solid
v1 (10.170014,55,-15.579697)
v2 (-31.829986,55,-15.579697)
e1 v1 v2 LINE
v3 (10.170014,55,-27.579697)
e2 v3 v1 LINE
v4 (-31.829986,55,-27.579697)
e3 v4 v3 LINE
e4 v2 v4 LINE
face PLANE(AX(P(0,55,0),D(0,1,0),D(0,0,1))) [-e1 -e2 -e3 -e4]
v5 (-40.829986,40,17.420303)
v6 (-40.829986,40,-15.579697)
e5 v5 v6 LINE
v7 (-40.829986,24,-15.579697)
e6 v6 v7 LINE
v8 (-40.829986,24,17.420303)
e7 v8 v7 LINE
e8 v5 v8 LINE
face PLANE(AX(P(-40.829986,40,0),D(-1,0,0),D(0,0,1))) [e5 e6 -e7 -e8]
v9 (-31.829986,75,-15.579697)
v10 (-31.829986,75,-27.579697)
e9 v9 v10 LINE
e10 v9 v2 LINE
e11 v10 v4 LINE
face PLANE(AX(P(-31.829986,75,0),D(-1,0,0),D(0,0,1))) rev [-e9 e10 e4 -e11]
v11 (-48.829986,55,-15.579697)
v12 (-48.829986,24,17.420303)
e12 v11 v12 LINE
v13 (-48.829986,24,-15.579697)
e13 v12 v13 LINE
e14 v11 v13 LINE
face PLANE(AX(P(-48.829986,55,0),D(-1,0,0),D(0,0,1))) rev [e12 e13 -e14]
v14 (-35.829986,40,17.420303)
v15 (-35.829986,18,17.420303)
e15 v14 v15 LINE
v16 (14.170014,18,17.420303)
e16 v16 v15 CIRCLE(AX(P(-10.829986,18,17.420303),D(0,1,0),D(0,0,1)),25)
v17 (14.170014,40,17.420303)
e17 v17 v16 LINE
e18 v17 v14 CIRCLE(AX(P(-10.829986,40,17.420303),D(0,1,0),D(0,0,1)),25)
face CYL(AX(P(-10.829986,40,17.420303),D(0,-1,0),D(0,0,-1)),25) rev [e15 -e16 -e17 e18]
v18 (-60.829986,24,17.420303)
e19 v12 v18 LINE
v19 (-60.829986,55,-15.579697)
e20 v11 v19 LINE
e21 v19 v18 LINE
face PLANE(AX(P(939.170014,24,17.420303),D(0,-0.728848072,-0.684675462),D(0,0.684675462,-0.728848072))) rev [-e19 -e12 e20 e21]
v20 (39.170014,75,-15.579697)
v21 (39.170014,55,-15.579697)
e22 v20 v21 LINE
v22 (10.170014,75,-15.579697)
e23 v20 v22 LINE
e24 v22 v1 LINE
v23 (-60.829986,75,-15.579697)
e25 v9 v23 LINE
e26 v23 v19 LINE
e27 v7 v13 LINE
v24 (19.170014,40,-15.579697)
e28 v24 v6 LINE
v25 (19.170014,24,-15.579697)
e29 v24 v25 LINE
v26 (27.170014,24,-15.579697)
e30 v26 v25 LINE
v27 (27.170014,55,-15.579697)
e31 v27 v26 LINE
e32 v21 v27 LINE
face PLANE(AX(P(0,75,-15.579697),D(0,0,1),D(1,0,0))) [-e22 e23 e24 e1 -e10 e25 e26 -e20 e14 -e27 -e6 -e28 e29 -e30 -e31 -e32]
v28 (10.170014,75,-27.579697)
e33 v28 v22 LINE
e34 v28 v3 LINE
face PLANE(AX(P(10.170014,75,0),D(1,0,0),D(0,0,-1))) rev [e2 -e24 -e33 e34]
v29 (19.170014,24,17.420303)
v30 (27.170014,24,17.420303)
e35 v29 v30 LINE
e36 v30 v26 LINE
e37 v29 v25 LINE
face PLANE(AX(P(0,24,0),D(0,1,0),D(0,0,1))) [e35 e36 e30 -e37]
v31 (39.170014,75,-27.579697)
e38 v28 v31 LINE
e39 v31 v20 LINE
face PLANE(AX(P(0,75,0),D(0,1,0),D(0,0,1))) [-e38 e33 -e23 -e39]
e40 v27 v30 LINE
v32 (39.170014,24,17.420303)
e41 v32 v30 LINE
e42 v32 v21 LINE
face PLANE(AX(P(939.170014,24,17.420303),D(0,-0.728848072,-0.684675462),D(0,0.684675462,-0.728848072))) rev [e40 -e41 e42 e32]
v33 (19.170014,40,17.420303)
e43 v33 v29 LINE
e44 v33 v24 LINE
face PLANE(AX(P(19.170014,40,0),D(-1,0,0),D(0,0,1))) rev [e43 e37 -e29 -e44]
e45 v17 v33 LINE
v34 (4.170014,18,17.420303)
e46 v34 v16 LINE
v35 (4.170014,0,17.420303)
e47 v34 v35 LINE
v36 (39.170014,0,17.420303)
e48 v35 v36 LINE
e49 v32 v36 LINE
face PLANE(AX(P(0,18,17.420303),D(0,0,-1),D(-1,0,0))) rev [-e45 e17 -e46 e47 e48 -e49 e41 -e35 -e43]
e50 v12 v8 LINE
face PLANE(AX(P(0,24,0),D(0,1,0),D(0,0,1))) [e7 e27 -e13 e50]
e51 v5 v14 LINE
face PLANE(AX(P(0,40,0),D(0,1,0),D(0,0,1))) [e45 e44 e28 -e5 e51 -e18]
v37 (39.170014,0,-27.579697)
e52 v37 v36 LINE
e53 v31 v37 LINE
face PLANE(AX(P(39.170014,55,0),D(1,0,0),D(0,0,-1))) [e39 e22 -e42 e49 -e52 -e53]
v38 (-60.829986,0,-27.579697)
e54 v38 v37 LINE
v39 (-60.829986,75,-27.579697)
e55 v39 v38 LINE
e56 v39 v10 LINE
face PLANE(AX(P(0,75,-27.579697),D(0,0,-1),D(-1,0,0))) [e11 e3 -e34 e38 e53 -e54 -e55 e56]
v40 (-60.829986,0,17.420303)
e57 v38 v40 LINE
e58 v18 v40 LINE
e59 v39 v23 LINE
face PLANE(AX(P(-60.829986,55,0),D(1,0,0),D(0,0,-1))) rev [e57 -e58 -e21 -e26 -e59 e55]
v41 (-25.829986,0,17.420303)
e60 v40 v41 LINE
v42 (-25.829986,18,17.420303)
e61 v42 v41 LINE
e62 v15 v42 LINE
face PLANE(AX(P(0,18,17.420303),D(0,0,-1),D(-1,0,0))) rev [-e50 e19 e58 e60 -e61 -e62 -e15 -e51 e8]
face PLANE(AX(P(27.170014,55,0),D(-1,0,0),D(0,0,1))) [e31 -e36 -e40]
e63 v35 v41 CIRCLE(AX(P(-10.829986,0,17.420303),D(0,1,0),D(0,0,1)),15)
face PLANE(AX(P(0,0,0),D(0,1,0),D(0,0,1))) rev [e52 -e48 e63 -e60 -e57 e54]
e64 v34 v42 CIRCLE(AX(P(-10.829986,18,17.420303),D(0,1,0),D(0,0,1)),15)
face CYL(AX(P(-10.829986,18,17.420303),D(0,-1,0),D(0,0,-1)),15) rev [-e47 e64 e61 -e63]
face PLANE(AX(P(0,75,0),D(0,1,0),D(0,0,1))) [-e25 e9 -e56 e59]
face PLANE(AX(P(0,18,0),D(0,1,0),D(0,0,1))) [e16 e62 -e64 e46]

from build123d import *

# Parameters (mm, degrees)
BOSS_EXTRUDE3_DEPTH   = 18
SKETCH1_7_W           = 8
SKETCH1_7_H           = 33
BOSS_EXTRUDE4_DEPTH   = 24
BOSS_EXTRUDE4_2_DEPTH = 24
SKETCH1_8_W           = 12
SKETCH1_8_H           = 33
BOSS_EXTRUDE5_DEPTH   = 55
CUT_EXTRUDE1_DEPTH    = 1000
SKETCH1_9_W           = 29
SKETCH1_9_H           = 12
BOSS_EXTRUDE6_DEPTH   = 75
SKETCH1_10_W          = 42
SKETCH1_10_H          = 12
BOSS_EXTRUDE7_DEPTH   = 55
BOSS_EXTRUDE8_DEPTH   = 40


with BuildPart() as part:
    # Sketch1 → Boss-Extrude3 (new body)
    with BuildSketch(Plane(origin=(0, 0, 0), x_dir=(1, 0, 0), z_dir=(0, 1, 0))):
        with BuildLine():
            ThreePointArc((14.170014239, -17.420303066), (-10.829985761, 7.579696934), (-35.829985761, -17.420303066))
            Line((-35.829985761, -17.420303066), (-25.829985761, -17.420303066))
            ThreePointArc((-25.829985761, -17.420303066), (-10.829985761, -2.420303066), (4.170014239, -17.420303066))
            Line((4.170014239, -17.420303066), (14.170014239, -17.420303066))
        make_face()
    extrude(amount=BOSS_EXTRUDE3_DEPTH)



with BuildPart() as body_2:
    # Sketch1<7> → Boss-Extrude4 (new body)
    with BuildSketch(Plane(origin=(0, 0, 0), x_dir=(1, 0, 0), z_dir=(0, 1, 0))):
        with Locations((-44.829985761, -0.920303066)):
            Rectangle(SKETCH1_7_W, SKETCH1_7_H)
    extrude(amount=BOSS_EXTRUDE4_DEPTH)



with BuildPart() as body_3:
    # Sketch1<7> → Boss-Extrude4 2 (new body)
    with BuildSketch(Plane(origin=(0, 0, 0), x_dir=(1, 0, 0), z_dir=(0, 1, 0))):
        with Locations((23.170014239, -0.920303066)):
            Rectangle(SKETCH1_7_W, SKETCH1_7_H)
    extrude(amount=BOSS_EXTRUDE4_2_DEPTH)


with BuildPart() as body_2_1:
    add(body_2.part)

    add(body_3.part)  # Boss-Extrude5 merges body 3
    # Sketch1<8> → Boss-Extrude5 (add)
    with BuildSketch(Plane(origin=(0, 0, 0), x_dir=(1, 0, 0), z_dir=(0, 1, 0))):
        with Locations((-54.829985761, -0.920303066)):
            Rectangle(SKETCH1_8_W, SKETCH1_8_H)
        with Locations((33.170014239, -0.920303066)):
            Rectangle(SKETCH1_8_W, SKETCH1_8_H)
    extrude(amount=BOSS_EXTRUDE5_DEPTH)

    # Sketch2 → Cut-Extrude1 (cut)
    with BuildSketch(Plane.ZY.offset(60.829985761)):
        Polygon((17.420303066, 55), (17.420303066, 24), (-15.579696934, 55), align=None)
    extrude(amount=-CUT_EXTRUDE1_DEPTH, mode=Mode.SUBTRACT)

    # Sketch1<9> → Boss-Extrude6 (add)
    with BuildSketch(Plane(origin=(0, 0, 0), x_dir=(1, 0, 0), z_dir=(0, 1, 0))):
        with Locations((-46.329985761, 21.579696934)):
            Rectangle(SKETCH1_9_W, SKETCH1_9_H)
        with Locations((24.670014239, 21.579696934)):
            Rectangle(SKETCH1_9_W, SKETCH1_9_H)
    extrude(amount=BOSS_EXTRUDE6_DEPTH)

    # Sketch1<10> → Boss-Extrude7 (add)
    with BuildSketch(Plane(origin=(0, 0, 0), x_dir=(1, 0, 0), z_dir=(0, 1, 0))):
        with Locations((-10.829985761, 21.579696934)):
            Rectangle(SKETCH1_10_W, SKETCH1_10_H)
    extrude(amount=BOSS_EXTRUDE7_DEPTH)


with BuildPart() as part_1:
    add(part.part)

    add(body_2_1.part)  # Boss-Extrude8 merges body 2
    # Sketch1<11> → Boss-Extrude8 (add)
    with BuildSketch(Plane(origin=(0, 0, 0), x_dir=(1, 0, 0), z_dir=(0, 1, 0))):
        with BuildLine():
            Line((-40.829985761, 15.579696934), (-40.829985761, -17.420303066))
            Line((-40.829985761, -17.420303066), (-35.829985761, -17.420303066))
            ThreePointArc((-35.829985761, -17.420303066), (-10.829985761, 7.579696934), (14.170014239, -17.420303066))
            Line((14.170014239, -17.420303066), (19.170014239, -17.420303066))
            Line((19.170014239, -17.420303066), (19.170014239, 15.579696934))
            Line((19.170014239, 15.579696934), (10.170014239, 15.579696934))
            Line((10.170014239, 15.579696934), (-31.829985761, 15.579696934))
            Line((-31.829985761, 15.579696934), (-40.829985761, 15.579696934))
        make_face()
    extrude(amount=BOSS_EXTRUDE8_DEPTH)


solid = part_1.part
